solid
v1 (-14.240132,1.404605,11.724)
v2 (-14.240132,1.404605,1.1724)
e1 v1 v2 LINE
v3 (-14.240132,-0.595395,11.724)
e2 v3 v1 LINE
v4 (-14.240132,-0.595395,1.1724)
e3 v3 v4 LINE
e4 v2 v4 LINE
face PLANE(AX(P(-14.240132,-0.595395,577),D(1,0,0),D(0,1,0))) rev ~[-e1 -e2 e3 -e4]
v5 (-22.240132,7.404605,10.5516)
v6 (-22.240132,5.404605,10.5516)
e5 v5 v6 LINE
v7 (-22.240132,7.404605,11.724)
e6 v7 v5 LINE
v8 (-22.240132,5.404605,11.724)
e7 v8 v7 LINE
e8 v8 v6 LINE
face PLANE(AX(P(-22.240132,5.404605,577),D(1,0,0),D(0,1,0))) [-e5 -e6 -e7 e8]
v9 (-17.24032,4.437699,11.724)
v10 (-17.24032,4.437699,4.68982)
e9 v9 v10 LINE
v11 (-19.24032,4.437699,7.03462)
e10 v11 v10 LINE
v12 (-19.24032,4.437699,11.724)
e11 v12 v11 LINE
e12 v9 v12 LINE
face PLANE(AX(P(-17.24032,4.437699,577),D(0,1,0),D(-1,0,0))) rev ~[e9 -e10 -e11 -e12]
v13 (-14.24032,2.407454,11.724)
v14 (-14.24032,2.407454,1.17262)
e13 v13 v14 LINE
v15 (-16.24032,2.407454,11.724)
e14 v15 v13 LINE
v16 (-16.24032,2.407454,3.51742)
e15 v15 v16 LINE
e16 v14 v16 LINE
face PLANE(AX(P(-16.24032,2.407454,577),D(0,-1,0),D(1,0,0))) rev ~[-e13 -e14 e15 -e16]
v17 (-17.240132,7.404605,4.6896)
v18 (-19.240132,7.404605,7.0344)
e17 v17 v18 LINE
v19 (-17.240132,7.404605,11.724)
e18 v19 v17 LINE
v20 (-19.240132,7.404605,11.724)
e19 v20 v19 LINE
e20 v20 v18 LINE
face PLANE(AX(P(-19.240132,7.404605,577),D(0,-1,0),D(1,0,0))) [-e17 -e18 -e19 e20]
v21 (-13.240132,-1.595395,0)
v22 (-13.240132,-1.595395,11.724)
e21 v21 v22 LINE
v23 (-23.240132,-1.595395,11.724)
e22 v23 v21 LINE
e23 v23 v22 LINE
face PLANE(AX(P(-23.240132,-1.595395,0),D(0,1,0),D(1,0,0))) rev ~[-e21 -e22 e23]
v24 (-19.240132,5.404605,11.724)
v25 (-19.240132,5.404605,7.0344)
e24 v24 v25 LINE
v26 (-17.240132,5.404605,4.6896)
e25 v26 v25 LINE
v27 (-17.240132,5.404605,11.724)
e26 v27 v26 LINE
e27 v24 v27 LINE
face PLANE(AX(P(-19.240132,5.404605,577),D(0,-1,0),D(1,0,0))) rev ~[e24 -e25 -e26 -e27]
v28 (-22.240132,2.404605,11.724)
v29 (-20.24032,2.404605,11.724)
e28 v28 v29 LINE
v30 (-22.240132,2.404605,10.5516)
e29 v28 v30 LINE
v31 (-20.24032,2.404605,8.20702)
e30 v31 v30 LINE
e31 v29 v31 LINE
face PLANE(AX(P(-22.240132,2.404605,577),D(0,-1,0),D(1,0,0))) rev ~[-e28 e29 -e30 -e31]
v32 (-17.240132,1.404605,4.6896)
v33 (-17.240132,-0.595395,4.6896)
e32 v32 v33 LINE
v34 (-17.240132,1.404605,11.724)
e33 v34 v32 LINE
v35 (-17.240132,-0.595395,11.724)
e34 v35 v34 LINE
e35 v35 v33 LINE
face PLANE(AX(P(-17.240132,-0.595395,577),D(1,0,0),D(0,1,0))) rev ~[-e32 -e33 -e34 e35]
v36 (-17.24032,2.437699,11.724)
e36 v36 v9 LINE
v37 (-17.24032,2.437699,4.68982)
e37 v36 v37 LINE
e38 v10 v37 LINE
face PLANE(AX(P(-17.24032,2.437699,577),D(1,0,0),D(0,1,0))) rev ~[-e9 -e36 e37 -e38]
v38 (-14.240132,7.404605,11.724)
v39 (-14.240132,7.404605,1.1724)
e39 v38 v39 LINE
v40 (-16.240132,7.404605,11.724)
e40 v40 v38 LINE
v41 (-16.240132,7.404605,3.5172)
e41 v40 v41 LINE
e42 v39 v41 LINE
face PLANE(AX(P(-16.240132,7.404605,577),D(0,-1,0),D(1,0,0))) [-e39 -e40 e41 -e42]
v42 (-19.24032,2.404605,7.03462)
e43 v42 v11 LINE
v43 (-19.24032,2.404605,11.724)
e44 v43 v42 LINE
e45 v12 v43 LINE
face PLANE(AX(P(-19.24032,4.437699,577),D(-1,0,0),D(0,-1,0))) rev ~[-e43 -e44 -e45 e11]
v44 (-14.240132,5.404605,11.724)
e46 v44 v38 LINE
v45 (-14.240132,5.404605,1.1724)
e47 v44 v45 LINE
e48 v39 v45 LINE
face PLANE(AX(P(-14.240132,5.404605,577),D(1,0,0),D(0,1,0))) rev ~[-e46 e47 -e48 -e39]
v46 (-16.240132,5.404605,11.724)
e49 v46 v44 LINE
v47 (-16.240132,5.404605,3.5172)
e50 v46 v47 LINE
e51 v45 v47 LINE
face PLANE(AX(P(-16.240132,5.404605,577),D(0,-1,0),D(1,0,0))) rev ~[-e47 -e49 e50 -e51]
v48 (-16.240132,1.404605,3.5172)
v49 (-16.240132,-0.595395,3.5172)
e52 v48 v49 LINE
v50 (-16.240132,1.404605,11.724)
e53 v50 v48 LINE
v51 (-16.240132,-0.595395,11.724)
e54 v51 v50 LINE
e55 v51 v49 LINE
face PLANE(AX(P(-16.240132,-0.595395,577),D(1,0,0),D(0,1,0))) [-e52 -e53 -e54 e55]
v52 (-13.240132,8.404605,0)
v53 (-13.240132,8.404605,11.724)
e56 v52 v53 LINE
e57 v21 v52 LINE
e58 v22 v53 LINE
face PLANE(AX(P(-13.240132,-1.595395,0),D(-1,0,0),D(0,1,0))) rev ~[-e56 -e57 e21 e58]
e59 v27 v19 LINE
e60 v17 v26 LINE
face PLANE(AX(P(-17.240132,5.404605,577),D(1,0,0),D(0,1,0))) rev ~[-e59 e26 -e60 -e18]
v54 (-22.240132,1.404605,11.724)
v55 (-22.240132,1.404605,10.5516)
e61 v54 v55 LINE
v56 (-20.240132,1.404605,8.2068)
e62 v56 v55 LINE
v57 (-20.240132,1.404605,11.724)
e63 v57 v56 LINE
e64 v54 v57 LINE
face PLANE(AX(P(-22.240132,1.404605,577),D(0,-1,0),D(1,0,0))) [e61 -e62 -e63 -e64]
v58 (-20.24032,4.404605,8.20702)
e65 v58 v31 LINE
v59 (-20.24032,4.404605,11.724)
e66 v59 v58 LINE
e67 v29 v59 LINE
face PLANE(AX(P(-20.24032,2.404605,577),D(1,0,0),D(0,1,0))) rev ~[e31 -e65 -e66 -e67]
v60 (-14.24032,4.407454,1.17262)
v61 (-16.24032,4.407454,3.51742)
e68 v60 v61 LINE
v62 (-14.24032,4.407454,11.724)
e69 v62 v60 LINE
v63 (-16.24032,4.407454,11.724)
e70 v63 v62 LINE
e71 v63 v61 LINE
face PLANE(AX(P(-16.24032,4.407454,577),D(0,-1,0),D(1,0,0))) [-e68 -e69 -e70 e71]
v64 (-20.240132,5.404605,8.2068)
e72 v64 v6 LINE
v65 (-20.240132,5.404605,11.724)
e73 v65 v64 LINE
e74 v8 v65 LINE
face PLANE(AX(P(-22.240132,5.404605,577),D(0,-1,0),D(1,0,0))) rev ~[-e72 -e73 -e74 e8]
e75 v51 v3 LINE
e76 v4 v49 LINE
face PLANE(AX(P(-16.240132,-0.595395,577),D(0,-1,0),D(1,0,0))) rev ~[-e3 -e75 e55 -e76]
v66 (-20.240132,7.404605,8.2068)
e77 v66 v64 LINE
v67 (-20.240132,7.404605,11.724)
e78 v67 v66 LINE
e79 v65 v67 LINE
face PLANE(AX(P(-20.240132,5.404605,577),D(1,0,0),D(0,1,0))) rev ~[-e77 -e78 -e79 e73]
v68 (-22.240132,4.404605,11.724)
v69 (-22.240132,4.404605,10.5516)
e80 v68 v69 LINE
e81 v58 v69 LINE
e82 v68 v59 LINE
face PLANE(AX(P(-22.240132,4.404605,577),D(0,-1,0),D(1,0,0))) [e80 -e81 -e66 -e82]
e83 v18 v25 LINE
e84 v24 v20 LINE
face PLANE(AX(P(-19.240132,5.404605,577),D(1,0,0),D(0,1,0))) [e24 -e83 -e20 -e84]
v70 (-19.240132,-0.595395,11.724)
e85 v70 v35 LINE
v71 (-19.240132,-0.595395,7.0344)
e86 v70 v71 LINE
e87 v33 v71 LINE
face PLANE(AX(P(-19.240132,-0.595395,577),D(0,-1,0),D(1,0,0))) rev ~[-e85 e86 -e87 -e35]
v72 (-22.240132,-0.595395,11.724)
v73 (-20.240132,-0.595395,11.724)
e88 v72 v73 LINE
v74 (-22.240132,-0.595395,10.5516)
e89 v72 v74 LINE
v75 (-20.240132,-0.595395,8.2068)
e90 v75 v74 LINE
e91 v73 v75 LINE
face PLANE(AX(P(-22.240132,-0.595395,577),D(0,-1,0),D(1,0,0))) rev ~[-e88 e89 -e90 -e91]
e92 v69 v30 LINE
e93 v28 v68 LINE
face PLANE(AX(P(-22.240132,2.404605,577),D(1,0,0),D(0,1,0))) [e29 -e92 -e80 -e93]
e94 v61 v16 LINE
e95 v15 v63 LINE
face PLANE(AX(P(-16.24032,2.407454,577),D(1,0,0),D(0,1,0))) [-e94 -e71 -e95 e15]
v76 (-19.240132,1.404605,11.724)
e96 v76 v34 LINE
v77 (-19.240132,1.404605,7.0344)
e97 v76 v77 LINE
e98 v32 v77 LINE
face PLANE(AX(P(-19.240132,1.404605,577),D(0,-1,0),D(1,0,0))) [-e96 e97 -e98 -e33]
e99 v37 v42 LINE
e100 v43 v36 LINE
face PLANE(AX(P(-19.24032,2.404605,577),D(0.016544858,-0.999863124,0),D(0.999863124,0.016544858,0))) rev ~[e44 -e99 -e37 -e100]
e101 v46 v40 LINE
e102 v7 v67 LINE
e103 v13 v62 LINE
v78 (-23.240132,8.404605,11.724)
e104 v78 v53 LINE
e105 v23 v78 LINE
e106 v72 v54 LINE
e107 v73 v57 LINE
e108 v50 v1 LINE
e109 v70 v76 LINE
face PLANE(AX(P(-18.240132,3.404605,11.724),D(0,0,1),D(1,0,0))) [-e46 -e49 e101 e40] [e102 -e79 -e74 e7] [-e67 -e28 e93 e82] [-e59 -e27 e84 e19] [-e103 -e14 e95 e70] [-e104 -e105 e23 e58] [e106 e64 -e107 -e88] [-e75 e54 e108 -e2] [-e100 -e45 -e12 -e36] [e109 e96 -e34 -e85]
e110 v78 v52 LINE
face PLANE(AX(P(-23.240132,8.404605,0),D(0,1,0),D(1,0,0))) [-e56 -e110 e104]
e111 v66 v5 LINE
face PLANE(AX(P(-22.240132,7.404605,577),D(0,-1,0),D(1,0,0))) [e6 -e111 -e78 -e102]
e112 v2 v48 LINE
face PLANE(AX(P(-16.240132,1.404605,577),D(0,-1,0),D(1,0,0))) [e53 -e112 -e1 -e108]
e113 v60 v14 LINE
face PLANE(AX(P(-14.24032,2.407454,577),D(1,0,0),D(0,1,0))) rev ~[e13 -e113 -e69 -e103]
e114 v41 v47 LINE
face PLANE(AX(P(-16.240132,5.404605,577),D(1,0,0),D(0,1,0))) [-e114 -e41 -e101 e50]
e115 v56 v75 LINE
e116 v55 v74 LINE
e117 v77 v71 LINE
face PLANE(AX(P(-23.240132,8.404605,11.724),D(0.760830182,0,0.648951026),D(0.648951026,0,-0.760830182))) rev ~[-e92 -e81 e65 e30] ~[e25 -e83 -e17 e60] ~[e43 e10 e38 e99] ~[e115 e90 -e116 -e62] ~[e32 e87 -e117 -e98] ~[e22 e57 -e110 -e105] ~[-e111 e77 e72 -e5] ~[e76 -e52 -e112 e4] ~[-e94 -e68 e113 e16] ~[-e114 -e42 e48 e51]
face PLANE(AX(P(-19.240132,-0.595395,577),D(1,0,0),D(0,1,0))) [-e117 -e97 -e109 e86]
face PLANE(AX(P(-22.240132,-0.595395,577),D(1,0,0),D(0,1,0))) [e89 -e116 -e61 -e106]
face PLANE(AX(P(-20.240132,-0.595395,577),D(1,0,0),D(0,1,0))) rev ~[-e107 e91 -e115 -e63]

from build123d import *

# Parameters (mm, degrees)
F0_W     = 10
F0_H     = 10
F1_DEPTH = 577
F2_W     = 2
F2_H     = 2
F3_DEPTH = 577.001
F4_W     = 1.9998123646
F4_H     = 2
F4_W_2   = 2
F5_DEPTH = 577.001
F6_DEPTH = 500
F7_DEPTH = 65.276
F9_DEPTH = 10.001


with BuildPart() as f1:
    # F0 (on Top) → F1 (new body)
    with BuildSketch(Plane.XY):
        with Locations((-18.2401322573, 3.4046052024)):
            Rectangle(F0_W, F0_H)
    extrude(amount=F1_DEPTH)

    # F2 (on face) → F3 (cut, through all)
    with BuildSketch(Plane.XY.offset(577)):
        with Locations((-21.2401322573, 6.4046052024)):
            Rectangle(F2_W, F2_H)
        with Locations((-18.2401322573, 6.4046052024)):
            Rectangle(F2_W, F2_H)
        with Locations((-15.2401322573, 6.4046052024)):
            Rectangle(F2_W, F2_H)
        with Locations((-15.2401322573, 0.4046052024)):
            Rectangle(F2_W, F2_H)
        with Locations((-18.2401322573, 0.4046052024)):
            Rectangle(F2_W, F2_H)
        with Locations((-21.2401322573, 0.4046052024)):
            Rectangle(F2_W, F2_H)
    extrude(amount=-F3_DEPTH, mode=Mode.SUBTRACT)

    # F4 (on face) → F5 (cut, through all)
    with BuildSketch(Plane.XY.offset(577)):
        with Locations((-21.2402260751, 3.4046052024)):
            Rectangle(F4_W, F4_H)
        Polygon((-17.2403198928, 4.4376994483), (-19.2403198928, 4.4376994483), (-19.2403198928, 2.4046052024), (-17.2403198928, 2.4376994483), align=None)
        with Locations((-15.2403198928, 3.4074539542)):
            Rectangle(F4_W_2, F4_H)
    extrude(amount=-F5_DEPTH, mode=Mode.SUBTRACT)

    # F6 (cut): a face of the model
    f6_faces = [f1.faces().sort_by_distance(p)[0] for p in [
        (-13.3815536136, 3.4046052024, 577),
    ]]
    extrude(f6_faces, amount=-F6_DEPTH, mode=Mode.SUBTRACT)

    # F7 (cut): a face of the model
    f7_faces = [f1.faces().sort_by_distance(p)[0] for p in [
        (-13.3815536136, 3.4046052024, 77),
    ]]
    extrude(f7_faces, amount=-F7_DEPTH, mode=Mode.SUBTRACT)

    # F8 (on face) → F9 (cut, through all)
    with BuildSketch(Plane(origin=(0, 8.4046052024, 0), x_dir=(-1, 0, 0), z_dir=(0, 1, 0))):
        Polygon((23.2401322573, 0), (23.2401322573, 11.724), (13.2401322573, 0), align=None)
    extrude(amount=-F9_DEPTH, mode=Mode.SUBTRACT)


solid = f1.part
